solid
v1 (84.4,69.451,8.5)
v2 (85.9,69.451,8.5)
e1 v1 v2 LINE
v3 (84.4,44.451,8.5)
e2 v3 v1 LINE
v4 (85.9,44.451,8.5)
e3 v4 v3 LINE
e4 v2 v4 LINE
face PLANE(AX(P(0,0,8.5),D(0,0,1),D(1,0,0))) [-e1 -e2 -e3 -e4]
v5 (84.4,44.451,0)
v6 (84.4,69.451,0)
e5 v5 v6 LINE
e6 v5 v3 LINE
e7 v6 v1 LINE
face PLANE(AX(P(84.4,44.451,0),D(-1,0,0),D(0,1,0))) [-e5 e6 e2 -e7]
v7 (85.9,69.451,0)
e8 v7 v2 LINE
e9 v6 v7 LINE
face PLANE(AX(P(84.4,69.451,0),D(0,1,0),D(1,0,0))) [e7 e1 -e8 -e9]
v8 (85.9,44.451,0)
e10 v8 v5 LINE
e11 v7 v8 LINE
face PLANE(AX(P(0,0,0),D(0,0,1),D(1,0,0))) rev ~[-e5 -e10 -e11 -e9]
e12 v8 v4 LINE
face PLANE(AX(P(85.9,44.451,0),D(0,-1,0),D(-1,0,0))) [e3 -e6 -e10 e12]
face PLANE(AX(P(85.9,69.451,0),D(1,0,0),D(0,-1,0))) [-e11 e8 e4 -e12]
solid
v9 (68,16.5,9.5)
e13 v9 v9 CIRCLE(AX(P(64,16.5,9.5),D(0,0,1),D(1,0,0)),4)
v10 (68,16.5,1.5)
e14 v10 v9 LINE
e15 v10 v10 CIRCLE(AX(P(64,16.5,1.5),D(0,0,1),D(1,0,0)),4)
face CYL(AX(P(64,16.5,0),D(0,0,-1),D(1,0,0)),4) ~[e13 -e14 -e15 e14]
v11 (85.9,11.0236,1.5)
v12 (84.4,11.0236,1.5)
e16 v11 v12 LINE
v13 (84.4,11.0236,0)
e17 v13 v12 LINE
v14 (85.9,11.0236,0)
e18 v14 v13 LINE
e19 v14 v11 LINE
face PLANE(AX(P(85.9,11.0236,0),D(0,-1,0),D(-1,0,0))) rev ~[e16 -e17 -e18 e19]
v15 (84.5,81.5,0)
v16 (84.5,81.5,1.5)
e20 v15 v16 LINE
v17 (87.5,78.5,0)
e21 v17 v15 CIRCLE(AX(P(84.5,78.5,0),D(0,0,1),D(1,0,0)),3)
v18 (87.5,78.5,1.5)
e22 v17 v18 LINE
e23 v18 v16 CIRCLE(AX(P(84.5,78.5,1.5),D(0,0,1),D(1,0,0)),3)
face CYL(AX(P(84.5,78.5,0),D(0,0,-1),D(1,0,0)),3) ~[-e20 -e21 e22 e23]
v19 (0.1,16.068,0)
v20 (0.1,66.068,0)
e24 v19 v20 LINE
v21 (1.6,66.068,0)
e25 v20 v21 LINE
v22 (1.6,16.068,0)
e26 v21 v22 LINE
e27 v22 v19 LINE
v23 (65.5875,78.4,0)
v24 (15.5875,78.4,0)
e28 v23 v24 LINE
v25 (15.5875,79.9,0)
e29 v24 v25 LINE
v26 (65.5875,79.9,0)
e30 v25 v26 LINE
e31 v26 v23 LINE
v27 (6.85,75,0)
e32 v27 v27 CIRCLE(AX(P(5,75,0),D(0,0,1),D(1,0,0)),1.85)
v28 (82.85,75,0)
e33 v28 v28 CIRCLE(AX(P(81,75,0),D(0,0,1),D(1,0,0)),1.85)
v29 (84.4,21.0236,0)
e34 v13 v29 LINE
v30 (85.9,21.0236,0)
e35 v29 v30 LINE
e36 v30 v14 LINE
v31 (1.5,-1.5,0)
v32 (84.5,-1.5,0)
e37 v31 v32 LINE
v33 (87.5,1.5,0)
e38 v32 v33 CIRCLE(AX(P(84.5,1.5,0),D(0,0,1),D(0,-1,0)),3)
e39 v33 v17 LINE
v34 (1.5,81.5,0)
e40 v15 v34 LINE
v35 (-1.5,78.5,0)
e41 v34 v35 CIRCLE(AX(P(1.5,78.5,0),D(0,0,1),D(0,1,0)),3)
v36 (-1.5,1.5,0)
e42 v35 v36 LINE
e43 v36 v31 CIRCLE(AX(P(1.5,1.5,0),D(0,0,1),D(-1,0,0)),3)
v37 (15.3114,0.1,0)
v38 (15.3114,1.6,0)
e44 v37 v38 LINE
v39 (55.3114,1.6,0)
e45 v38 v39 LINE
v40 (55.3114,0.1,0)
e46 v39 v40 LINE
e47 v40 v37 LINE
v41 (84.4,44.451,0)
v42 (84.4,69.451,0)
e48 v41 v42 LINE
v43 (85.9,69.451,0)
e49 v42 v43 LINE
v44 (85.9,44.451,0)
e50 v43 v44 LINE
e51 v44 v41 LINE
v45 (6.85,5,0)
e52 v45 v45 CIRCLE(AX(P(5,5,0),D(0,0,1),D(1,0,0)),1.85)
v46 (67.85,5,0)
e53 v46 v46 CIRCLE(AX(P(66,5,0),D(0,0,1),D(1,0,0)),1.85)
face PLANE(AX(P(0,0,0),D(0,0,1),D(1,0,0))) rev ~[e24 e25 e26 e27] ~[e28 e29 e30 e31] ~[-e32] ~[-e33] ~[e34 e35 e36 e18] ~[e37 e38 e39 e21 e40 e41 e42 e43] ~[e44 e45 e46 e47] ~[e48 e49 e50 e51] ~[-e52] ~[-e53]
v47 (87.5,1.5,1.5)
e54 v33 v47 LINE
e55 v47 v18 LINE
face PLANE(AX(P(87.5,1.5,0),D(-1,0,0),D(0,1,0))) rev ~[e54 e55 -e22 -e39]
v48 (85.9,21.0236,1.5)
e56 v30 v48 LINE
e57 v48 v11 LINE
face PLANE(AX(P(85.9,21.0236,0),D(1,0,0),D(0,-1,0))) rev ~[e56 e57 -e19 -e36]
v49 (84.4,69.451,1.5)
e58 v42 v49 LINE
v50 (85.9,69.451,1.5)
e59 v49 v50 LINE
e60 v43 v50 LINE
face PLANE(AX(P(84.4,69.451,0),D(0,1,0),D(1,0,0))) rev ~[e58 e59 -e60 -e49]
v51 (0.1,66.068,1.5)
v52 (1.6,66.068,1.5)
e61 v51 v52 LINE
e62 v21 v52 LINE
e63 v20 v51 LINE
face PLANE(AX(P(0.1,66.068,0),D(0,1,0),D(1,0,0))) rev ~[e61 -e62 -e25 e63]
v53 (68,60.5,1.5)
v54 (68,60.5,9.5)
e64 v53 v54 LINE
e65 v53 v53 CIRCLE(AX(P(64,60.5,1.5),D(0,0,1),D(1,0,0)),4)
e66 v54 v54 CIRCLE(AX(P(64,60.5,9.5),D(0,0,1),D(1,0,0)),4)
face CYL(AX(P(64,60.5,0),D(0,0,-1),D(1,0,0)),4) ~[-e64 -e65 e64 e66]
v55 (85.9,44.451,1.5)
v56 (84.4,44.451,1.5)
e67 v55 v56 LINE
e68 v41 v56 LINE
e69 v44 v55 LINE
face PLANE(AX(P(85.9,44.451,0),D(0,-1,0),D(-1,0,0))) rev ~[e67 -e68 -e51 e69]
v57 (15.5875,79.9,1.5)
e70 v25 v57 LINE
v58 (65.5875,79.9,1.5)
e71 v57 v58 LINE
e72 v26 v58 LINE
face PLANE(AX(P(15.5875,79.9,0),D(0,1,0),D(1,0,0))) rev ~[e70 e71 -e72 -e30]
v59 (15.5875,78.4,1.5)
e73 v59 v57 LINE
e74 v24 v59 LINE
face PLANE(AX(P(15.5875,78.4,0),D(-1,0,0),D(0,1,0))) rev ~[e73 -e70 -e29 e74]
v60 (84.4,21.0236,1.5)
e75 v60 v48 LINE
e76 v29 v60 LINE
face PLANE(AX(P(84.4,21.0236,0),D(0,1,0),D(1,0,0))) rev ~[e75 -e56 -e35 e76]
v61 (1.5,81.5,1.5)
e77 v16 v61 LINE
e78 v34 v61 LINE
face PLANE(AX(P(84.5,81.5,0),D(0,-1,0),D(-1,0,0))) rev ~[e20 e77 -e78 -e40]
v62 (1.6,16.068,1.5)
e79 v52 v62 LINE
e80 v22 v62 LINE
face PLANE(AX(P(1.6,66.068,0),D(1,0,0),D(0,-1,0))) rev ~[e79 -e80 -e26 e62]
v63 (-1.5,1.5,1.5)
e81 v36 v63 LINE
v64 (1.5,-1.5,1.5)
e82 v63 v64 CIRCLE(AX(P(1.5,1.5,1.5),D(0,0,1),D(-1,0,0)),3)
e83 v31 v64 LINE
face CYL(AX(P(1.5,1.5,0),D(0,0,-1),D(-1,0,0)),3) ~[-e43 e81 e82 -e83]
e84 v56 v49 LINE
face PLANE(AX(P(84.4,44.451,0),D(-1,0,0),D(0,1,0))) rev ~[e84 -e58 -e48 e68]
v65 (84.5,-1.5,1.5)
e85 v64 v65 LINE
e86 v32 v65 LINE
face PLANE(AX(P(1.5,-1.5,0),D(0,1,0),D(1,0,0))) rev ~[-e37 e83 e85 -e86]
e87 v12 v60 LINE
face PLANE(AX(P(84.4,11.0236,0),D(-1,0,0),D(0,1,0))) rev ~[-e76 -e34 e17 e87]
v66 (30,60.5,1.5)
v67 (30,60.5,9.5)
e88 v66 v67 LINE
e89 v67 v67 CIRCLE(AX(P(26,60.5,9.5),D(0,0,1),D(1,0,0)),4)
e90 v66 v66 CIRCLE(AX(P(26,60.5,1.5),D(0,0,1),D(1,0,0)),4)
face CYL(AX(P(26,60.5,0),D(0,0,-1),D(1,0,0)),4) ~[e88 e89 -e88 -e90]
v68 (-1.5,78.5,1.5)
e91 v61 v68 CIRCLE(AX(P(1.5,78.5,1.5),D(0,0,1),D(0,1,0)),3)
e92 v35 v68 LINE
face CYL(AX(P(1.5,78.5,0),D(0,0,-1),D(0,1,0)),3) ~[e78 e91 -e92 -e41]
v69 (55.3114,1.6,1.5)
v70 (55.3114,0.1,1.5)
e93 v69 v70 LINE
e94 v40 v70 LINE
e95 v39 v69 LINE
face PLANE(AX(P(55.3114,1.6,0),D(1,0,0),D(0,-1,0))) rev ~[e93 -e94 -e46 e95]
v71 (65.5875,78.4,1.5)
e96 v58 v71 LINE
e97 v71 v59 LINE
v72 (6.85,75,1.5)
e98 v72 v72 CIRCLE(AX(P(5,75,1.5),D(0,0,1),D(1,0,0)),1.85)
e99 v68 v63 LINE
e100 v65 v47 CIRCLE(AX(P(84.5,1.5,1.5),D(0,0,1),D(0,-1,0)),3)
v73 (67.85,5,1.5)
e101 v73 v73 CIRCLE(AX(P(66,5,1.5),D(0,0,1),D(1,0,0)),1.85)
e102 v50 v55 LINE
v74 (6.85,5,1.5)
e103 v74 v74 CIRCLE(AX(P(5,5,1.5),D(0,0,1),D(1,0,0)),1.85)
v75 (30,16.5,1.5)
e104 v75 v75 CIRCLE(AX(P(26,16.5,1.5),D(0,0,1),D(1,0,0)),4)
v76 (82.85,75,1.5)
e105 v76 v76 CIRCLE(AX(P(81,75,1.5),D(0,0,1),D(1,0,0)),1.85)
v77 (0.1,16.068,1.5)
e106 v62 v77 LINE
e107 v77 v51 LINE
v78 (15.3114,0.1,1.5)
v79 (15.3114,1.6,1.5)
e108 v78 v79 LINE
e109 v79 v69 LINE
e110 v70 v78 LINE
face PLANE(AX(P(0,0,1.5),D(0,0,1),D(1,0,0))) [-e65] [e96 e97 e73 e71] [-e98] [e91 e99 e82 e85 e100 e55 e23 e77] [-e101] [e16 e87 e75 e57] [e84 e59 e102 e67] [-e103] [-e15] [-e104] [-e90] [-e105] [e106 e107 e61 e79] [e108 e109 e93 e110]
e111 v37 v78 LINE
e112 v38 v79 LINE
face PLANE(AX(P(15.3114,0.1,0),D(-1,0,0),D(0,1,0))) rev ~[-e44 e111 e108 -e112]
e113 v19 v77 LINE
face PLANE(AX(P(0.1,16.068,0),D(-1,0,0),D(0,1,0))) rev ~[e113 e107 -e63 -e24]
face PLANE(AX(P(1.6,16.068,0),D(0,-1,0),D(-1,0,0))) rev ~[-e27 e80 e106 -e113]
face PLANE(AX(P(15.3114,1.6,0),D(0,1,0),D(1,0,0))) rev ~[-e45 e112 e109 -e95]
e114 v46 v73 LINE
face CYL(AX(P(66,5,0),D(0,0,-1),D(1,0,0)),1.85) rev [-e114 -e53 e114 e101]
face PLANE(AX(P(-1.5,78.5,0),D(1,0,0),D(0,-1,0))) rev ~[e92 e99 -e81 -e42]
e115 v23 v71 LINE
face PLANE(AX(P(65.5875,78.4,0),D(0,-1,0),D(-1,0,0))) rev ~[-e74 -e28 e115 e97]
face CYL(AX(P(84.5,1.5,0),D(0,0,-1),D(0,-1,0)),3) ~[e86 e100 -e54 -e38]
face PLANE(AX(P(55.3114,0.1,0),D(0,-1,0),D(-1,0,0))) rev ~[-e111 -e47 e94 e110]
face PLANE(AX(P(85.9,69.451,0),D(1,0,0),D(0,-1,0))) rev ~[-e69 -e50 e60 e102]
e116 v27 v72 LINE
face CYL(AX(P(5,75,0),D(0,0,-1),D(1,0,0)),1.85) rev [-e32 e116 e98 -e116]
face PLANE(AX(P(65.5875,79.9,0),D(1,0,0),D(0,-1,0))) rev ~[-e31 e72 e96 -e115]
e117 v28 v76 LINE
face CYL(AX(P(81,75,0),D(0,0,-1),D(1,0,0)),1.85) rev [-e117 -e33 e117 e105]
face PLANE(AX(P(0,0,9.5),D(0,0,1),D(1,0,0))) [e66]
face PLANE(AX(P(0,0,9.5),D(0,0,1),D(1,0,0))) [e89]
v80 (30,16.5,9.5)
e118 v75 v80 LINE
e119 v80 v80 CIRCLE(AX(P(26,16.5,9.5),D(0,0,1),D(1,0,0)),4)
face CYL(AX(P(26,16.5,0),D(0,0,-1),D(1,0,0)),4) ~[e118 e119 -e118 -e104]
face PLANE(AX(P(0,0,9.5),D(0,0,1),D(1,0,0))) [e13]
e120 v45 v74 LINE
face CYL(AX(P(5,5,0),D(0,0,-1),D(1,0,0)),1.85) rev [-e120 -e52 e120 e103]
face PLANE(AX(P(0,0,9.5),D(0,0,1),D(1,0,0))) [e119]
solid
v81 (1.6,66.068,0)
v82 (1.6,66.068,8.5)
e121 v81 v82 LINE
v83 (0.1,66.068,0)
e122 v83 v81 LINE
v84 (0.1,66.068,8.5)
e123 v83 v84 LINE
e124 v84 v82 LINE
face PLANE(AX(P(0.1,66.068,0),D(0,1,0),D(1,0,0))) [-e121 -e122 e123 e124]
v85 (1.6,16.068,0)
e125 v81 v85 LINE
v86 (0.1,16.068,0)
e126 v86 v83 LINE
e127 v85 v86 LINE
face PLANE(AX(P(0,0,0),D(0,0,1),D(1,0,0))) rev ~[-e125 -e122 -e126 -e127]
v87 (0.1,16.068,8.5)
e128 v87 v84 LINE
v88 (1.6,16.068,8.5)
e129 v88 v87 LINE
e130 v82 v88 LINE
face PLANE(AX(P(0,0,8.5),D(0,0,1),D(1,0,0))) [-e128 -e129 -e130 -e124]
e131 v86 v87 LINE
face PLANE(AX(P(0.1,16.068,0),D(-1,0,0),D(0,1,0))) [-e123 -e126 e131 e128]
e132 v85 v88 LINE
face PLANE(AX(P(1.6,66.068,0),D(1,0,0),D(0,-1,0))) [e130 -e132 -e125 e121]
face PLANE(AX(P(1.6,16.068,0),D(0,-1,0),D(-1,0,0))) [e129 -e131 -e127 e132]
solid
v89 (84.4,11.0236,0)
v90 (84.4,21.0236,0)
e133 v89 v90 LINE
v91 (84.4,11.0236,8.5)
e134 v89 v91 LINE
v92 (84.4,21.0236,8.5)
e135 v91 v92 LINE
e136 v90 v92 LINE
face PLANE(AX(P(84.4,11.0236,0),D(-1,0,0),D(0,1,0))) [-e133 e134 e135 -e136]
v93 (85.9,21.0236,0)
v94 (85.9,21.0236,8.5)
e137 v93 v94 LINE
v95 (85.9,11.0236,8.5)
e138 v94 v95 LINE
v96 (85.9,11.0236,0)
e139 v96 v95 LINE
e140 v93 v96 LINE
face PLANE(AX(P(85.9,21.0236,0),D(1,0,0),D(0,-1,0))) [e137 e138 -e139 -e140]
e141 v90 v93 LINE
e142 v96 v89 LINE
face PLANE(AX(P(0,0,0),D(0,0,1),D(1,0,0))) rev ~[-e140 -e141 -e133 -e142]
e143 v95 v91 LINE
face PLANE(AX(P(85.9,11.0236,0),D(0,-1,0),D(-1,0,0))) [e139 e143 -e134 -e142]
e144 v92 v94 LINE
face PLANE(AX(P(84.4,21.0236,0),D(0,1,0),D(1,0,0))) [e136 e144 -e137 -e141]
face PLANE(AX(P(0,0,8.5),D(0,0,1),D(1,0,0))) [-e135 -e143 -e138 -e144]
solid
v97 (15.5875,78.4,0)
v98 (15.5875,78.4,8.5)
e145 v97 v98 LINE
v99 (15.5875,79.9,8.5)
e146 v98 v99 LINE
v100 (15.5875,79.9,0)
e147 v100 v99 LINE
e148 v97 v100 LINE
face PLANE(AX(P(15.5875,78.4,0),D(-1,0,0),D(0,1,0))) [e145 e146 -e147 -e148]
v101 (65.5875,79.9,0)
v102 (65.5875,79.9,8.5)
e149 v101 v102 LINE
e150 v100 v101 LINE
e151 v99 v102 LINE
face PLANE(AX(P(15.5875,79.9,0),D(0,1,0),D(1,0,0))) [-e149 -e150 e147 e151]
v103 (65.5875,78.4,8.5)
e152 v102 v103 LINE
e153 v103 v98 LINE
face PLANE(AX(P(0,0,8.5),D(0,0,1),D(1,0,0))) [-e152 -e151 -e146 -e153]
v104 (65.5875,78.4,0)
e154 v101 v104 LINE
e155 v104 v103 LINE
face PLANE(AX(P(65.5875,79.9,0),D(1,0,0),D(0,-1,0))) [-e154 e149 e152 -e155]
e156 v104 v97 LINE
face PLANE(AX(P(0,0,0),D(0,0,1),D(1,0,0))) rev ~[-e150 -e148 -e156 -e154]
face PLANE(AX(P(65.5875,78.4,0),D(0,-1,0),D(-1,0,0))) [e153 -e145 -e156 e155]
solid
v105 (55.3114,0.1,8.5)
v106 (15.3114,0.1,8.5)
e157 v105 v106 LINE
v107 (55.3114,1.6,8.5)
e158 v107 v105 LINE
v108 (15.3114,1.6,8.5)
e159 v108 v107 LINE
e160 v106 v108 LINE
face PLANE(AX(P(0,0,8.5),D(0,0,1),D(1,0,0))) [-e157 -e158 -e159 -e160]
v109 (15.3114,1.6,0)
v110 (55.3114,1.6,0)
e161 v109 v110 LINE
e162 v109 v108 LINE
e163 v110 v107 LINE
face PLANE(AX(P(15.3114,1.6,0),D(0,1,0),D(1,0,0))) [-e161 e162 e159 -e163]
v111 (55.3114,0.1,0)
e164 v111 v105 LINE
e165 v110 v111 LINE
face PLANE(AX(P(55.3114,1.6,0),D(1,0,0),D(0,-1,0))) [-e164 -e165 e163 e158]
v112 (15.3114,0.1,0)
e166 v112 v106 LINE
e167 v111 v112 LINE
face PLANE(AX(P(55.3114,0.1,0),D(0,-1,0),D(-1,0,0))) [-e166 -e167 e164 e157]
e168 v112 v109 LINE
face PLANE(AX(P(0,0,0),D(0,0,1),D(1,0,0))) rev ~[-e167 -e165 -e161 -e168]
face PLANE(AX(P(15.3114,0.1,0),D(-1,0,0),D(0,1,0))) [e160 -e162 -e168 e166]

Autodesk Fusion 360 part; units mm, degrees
sketch "Sketch5" plane through (0, 0, 0) normal (0, 0, 1) x (1, 0, 0)
  line L0 (1.5, 0) -> (84.5, 0) construction
  line L1 (86, 1.5) -> (86, 78.5) construction
  line L2 (84.5, 80) -> (1.5, 80) construction
  line L3 (0, 78.5) -> (0, 1.5) construction
  arc A0 (1.5, 80) -> (0, 78.5) centre (1.5, 78.5) ccw construction
  arc A1 (86, 78.5) -> (84.5, 80) centre (84.5, 78.5) ccw construction
  arc A2 (84.5, 0) -> (86, 1.5) centre (84.5, 1.5) ccw construction
  arc A3 (0, 1.5) -> (1.5, 0) centre (1.5, 1.5) ccw construction
  circle A4 centre (81, 75) radius 1.85
  circle A5 centre (66, 5) radius 1.85
  circle A6 centre (5, 5) radius 1.85
  circle A7 centre (5, 75) radius 1.85
  line L4 (66, 5) -> (66, 0) construction
  line L5 (5, 5) -> (5, 0) construction
  line L6 (5, 5) -> (0, 5) construction
  line L7 (5, 75) -> (5, 80) construction
  line L8 (5, 75) -> (0, 75) construction
  line L9 (81, 75) -> (86, 75) construction
  line L10 (81, 75) -> (81, 80) construction
  line L11 (66, 5) -> (86, 5) construction
  line L12 (15.5875, 79.9) -> (65.5875, 79.9)
  line L13 (65.5875, 79.9) -> (65.5875, 78.4)
  line L14 (65.5875, 78.4) -> (15.5875, 78.4)
  line L15 (15.5875, 78.4) -> (15.5875, 79.9)
  line L16 (15.3114, 1.6) -> (55.3114, 1.6)
  line L17 (55.3114, 1.6) -> (55.3114, 0.1)
  line L18 (55.3114, 0.1) -> (15.3114, 0.1)
  line L19 (15.3114, 0.1) -> (15.3114, 1.6)
  line L20 (84.4, 69.451) -> (85.9, 69.451)
  line L21 (85.9, 69.451) -> (85.9, 44.451)
  line L22 (85.9, 44.451) -> (84.4, 44.451)
  line L23 (84.4, 44.451) -> (84.4, 69.451)
  line L24 (0.1, 66.068) -> (1.6, 66.068)
  line L25 (1.6, 66.068) -> (1.6, 16.068)
  line L26 (1.6, 16.068) -> (0.1, 16.068)
  line L27 (0.1, 16.068) -> (0.1, 66.068)
  line L28 (0.5, 70) -> (85.5, 70) construction
  line L29 (85.5, 70) -> (85.5, 10) construction
  line L30 (85.5, 10) -> (0.5, 10) construction
  line L31 (0.5, 10) -> (0.5, 70) construction
  line L32 (9.3353, 80) -> (9.3353, 70) construction
  line L33 (9.3353, 10) -> (9.3353, 0) construction
  line L34 (85.5, 36.8145) -> (86, 36.8145) construction
  line L35 (0.5, 33.1865) -> (0, 33.1865) construction
  line L36 (26, 60.5) -> (64, 60.5) construction
  line L37 (64, 60.5) -> (64, 16.5) construction
  line L38 (64, 16.5) -> (26, 16.5) construction
  line L39 (26, 16.5) -> (26, 60.5) construction
  line L40 (64, 53.3314) -> (85.5, 53.3314) construction
  line L41 (-1.5, 78.5) -> (-1.5, 1.5)
  arc A8 (-1.5, 1.5) -> (1.5, -1.5) centre (1.5, 1.5) ccw
  line L42 (1.5, -1.5) -> (84.5, -1.5)
  arc A9 (84.5, -1.5) -> (87.5, 1.5) centre (84.5, 1.5) ccw
  line L43 (87.5, 1.5) -> (87.5, 78.5)
  arc A10 (87.5, 78.5) -> (84.5, 81.5) centre (84.5, 78.5) ccw
  line L44 (84.5, 81.5) -> (1.5, 81.5)
  arc A11 (1.5, 81.5) -> (-1.5, 78.5) centre (1.5, 78.5) ccw
  circle A12 centre (26, 60.5) radius 4
  circle A13 centre (64, 60.5) radius 4
  circle A14 centre (64, 16.5) radius 4
  circle A15 centre (26, 16.5) radius 4
  line L45 (84.4, 21.0236) -> (85.9, 21.0236)
  line L46 (85.9, 21.0236) -> (85.9, 11.0236)
  line L47 (85.9, 11.0236) -> (84.4, 11.0236)
  line L48 (84.4, 11.0236) -> (84.4, 21.0236)
  point P0 (86, 0)
  point P1 (0, 80)
  dimension "d11" = 86
  dimension "d12" = 80
  dimension "d13" = 1.5
  dimension "d14" = 1.5
  dimension "d15" = 1.5
  dimension "d16" = 1.5
  dimension "d17" = 3.7
  dimension "d18" = 5
  dimension "d19" = 20
  dimension "d20" = 50
  dimension "d21" = 1.5
  dimension "d22" = 40
  dimension "d23" = 1.5
  dimension "d24" = 1.5
  dimension "d25" = 25
  dimension "d26" = 1.5
  dimension "d27" = 50
  dimension "d28" = 0.1
  dimension "d29" = 0.1
  dimension "d30" = 0.1
  dimension "d31" = 0.1
  dimension "d32" = 85
  dimension "d33" = 60
  dimension "d34" = 38
  dimension "d35" = 44
  dimension "d36" = 21.5
  dimension "d37" = 6.5
  dimension "d38" = 1.5
  dimension "d39" = 8
  dimension "d42" = 1.5
  dimension "d43" = 10
  dimension "d44" = 0.1
extrude "Extrude3" add sketch "Sketch5" along normal blind 8.5 contours L12 L13 L14 L15 | L16 L17 L18 L19 | L20 L21 L22 L23 | L24 L25 L26 L27 | L45 L46 L47 L48 makes body 1 at (85.9, 17.6902, 2.8333) makes body 2 at (84.4, 52.7844, 2.8333) makes body 3 at (28.6448, 1.6, 2.8333) makes body 4 at (48.9208, 78.4, 2.8333) makes body 5 at (1.6, 49.4013, 2.8333)
extrude "Extrude2" add sketch "Sketch5" along normal blind 1.5 separate body makes body 6
extrude "Extrude4" add sketch "Sketch5" along normal blind 9.5 contours A12 | A13 | A14 | A15 bodies 6
